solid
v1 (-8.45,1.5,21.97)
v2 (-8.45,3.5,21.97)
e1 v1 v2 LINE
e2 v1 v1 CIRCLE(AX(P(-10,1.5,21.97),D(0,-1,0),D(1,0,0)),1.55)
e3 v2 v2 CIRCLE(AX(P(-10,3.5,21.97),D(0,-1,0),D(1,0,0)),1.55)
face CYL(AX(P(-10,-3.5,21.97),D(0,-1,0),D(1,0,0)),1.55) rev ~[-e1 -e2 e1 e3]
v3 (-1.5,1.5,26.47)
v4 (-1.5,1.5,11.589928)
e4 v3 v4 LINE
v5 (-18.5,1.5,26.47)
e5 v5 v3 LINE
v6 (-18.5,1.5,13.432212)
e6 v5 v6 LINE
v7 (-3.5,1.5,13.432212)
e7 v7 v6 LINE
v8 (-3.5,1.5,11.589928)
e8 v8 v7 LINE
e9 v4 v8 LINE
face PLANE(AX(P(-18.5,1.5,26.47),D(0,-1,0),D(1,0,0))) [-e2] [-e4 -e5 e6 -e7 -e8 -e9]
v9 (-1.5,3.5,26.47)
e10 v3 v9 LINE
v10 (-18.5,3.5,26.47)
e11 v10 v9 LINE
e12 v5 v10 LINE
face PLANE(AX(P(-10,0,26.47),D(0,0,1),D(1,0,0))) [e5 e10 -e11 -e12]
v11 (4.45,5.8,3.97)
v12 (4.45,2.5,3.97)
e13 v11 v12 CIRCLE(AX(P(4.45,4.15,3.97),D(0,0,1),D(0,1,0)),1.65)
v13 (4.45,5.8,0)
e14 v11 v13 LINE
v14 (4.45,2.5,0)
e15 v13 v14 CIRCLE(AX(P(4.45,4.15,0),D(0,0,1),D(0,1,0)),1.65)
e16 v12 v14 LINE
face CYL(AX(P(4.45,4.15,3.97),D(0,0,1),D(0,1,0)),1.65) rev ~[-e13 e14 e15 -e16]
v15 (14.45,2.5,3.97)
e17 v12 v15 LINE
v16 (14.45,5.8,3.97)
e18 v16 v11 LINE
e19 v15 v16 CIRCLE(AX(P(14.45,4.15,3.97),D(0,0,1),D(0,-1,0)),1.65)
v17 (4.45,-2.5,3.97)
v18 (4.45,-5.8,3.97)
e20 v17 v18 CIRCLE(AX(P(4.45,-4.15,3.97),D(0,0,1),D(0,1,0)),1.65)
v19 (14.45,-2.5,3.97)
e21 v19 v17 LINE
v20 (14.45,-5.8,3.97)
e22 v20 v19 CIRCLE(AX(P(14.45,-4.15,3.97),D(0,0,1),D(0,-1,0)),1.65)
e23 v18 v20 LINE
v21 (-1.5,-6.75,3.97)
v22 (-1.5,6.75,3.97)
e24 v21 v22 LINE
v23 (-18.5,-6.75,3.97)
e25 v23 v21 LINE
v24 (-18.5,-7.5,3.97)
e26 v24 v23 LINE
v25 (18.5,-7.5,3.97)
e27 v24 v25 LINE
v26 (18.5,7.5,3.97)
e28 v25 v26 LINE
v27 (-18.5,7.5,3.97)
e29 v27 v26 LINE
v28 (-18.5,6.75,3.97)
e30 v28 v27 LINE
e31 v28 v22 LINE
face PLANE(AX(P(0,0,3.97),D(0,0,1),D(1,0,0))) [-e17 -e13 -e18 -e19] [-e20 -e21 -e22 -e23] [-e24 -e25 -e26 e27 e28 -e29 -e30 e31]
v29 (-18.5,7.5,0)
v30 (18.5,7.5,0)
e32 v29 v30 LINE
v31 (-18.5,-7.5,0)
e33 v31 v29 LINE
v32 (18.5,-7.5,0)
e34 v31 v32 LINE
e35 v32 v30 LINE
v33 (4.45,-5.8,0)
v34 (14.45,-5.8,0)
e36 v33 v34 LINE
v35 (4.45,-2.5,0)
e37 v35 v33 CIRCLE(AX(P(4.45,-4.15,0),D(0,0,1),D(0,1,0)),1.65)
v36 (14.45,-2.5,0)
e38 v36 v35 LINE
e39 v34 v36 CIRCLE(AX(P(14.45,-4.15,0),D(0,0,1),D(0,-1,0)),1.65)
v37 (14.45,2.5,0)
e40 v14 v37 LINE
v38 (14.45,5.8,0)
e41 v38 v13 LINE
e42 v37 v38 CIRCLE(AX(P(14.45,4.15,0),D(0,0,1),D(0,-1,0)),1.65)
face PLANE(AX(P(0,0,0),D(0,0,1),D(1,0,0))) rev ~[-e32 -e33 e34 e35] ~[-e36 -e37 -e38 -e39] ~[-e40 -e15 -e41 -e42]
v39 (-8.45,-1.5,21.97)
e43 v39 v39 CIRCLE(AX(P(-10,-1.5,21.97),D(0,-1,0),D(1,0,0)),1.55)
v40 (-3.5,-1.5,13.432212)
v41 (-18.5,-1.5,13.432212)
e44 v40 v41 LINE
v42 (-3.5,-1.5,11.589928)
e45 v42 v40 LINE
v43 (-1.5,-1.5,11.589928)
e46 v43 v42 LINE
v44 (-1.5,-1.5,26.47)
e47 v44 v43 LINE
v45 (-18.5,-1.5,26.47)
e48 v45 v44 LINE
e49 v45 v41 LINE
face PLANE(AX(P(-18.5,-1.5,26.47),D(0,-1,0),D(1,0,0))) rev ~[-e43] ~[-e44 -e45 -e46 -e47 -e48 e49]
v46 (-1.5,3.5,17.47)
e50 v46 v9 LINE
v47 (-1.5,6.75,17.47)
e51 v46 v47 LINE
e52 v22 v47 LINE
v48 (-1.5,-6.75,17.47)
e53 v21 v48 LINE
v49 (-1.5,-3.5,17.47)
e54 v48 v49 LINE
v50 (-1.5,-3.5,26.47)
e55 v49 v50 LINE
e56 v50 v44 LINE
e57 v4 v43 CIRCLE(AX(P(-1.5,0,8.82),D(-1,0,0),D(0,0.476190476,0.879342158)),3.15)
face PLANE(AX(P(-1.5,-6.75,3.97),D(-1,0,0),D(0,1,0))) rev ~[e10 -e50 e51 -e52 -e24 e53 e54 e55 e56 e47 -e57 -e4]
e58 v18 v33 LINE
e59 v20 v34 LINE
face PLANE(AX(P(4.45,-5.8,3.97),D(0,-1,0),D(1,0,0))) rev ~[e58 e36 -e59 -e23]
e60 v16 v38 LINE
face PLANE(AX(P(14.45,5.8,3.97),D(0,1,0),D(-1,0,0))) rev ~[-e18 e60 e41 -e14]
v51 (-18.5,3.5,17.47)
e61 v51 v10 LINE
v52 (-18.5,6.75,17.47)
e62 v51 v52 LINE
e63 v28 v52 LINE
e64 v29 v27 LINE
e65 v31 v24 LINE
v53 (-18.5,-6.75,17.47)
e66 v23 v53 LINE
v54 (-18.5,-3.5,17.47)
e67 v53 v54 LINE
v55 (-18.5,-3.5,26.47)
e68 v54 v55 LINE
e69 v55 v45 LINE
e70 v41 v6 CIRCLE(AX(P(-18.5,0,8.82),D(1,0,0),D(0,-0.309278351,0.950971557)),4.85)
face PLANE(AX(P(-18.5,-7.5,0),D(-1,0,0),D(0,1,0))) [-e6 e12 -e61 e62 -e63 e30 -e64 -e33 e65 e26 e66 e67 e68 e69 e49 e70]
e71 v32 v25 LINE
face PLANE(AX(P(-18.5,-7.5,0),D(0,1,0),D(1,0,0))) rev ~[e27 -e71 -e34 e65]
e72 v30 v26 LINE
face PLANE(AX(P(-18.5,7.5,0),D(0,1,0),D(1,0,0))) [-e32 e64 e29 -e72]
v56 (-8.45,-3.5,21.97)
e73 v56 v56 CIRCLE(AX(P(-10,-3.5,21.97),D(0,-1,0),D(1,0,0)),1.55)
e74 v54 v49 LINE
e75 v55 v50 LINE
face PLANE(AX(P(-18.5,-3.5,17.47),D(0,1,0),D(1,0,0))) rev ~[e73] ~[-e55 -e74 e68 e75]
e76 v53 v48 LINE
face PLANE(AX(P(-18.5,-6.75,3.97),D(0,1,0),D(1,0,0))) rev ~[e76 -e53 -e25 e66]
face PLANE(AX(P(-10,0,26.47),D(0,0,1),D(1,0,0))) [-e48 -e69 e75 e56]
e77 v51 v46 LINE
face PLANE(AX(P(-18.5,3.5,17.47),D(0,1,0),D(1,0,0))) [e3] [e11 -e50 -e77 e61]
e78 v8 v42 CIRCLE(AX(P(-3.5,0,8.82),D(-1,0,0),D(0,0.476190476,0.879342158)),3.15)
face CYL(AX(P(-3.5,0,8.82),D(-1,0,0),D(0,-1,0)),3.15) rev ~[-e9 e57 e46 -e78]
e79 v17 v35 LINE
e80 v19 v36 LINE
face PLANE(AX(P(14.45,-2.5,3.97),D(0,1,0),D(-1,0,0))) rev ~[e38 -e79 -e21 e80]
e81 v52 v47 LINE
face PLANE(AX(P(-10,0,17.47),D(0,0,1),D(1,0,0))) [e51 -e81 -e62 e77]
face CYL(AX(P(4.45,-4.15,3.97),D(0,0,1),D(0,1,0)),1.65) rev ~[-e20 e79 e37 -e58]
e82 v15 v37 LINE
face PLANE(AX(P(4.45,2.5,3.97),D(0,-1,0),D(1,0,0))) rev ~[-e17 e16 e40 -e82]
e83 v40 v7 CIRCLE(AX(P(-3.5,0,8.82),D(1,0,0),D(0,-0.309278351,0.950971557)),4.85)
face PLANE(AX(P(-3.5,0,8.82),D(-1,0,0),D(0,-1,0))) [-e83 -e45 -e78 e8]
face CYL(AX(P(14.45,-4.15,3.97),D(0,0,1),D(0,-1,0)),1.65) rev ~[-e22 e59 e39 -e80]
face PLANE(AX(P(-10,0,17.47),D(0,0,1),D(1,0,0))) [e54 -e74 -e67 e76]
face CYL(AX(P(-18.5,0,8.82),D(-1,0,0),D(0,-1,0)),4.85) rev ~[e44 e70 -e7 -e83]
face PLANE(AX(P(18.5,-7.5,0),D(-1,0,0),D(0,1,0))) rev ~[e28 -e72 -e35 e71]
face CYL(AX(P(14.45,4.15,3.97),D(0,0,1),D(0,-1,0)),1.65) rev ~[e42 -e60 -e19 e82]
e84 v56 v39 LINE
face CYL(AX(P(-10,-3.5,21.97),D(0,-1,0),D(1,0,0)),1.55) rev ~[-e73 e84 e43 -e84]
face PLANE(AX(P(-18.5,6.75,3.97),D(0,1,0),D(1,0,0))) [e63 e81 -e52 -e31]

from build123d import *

# Parameters (mm, degrees)
F0_W      = 37
F0_H      = 15
F1_DEPTH  = 3.97
F2_W      = 17
F2_H      = 13.5
F3_DEPTH  = 13.5
F4_R      = 4.85
F5_DEPTH  = 15
F6_R      = 3.15
F7_DEPTH  = 22.001
F8_W      = 17
F8_H      = 7
F9_DEPTH  = 9
F10_R     = 1.55
F11_DEPTH = 11.001
F12_W     = 17
F12_H     = 3
F13_DEPTH = 17.5
F15_DEPTH = 3.971


with BuildPart() as f1:
    # F0 (on Top) → F1 (new body)
    with BuildSketch(Plane.XY):
        Rectangle(F0_W, F0_H)
    extrude(amount=F1_DEPTH)

    # F2 (on face) → F3 (join)
    with BuildSketch(Plane.XY.offset(3.97)):
        with Locations((-10, 0)):
            Rectangle(F2_W, F2_H)
    extrude(amount=F3_DEPTH)

    # F4 (on face) → F5 (cut)
    with BuildSketch(Plane(origin=(-18.5, 0, 0), x_dir=(0, -1, 0), z_dir=(-1, 0, 0))):
        with Locations((0, 8.82)):
            Circle(F4_R)
    extrude(amount=-F5_DEPTH, mode=Mode.SUBTRACT)

    # F6 (on face) → F7 (cut, through all)
    with BuildSketch(Plane(origin=(-3.5, 0, 0), x_dir=(0, -1, 0), z_dir=(-1, 0, 0))):
        with Locations((0, 8.82)):
            Circle(F6_R)
    extrude(amount=-F7_DEPTH, mode=Mode.SUBTRACT)

    # F8 (on face) → F9 (join)
    with BuildSketch(Plane.XY.offset(17.47)):
        with Locations((-10, 0)):
            Rectangle(F8_W, F8_H)
    extrude(amount=F9_DEPTH)

    # F10 (on face) → F11 (cut, through all)
    with BuildSketch(Plane.XZ.offset(3.5)):
        with Locations((-10, 21.97)):
            Circle(F10_R)
    extrude(amount=-F11_DEPTH, mode=Mode.SUBTRACT)

    # F12 (on face) → F13 (cut)
    with BuildSketch(Plane.XY.offset(26.47)):
        with Locations((-10, 0)):
            Rectangle(F12_W, F12_H)
    extrude(amount=-F13_DEPTH, mode=Mode.SUBTRACT)

    # F14 (on face) → F15 (cut, through all)
    with BuildSketch(Plane.XY.offset(3.97)):
        with BuildLine():
            Line((14.45, 5.8), (4.45, 5.8))
            ThreePointArc((4.45, 5.8), (2.8, 4.15), (4.45, 2.5))
            Line((4.45, 2.5), (14.45, 2.5))
            ThreePointArc((14.45, 2.5), (16.1, 4.15), (14.45, 5.8))
        make_face()
        with BuildLine():
            Line((14.45, -2.5), (4.45, -2.5))
            ThreePointArc((4.45, -2.5), (2.8, -4.15), (4.45, -5.8))
            Line((4.45, -5.8), (14.45, -5.8))
            ThreePointArc((14.45, -5.8), (16.1, -4.15), (14.45, -2.5))
        make_face()
    extrude(amount=-F15_DEPTH, mode=Mode.SUBTRACT)


solid = f1.part
